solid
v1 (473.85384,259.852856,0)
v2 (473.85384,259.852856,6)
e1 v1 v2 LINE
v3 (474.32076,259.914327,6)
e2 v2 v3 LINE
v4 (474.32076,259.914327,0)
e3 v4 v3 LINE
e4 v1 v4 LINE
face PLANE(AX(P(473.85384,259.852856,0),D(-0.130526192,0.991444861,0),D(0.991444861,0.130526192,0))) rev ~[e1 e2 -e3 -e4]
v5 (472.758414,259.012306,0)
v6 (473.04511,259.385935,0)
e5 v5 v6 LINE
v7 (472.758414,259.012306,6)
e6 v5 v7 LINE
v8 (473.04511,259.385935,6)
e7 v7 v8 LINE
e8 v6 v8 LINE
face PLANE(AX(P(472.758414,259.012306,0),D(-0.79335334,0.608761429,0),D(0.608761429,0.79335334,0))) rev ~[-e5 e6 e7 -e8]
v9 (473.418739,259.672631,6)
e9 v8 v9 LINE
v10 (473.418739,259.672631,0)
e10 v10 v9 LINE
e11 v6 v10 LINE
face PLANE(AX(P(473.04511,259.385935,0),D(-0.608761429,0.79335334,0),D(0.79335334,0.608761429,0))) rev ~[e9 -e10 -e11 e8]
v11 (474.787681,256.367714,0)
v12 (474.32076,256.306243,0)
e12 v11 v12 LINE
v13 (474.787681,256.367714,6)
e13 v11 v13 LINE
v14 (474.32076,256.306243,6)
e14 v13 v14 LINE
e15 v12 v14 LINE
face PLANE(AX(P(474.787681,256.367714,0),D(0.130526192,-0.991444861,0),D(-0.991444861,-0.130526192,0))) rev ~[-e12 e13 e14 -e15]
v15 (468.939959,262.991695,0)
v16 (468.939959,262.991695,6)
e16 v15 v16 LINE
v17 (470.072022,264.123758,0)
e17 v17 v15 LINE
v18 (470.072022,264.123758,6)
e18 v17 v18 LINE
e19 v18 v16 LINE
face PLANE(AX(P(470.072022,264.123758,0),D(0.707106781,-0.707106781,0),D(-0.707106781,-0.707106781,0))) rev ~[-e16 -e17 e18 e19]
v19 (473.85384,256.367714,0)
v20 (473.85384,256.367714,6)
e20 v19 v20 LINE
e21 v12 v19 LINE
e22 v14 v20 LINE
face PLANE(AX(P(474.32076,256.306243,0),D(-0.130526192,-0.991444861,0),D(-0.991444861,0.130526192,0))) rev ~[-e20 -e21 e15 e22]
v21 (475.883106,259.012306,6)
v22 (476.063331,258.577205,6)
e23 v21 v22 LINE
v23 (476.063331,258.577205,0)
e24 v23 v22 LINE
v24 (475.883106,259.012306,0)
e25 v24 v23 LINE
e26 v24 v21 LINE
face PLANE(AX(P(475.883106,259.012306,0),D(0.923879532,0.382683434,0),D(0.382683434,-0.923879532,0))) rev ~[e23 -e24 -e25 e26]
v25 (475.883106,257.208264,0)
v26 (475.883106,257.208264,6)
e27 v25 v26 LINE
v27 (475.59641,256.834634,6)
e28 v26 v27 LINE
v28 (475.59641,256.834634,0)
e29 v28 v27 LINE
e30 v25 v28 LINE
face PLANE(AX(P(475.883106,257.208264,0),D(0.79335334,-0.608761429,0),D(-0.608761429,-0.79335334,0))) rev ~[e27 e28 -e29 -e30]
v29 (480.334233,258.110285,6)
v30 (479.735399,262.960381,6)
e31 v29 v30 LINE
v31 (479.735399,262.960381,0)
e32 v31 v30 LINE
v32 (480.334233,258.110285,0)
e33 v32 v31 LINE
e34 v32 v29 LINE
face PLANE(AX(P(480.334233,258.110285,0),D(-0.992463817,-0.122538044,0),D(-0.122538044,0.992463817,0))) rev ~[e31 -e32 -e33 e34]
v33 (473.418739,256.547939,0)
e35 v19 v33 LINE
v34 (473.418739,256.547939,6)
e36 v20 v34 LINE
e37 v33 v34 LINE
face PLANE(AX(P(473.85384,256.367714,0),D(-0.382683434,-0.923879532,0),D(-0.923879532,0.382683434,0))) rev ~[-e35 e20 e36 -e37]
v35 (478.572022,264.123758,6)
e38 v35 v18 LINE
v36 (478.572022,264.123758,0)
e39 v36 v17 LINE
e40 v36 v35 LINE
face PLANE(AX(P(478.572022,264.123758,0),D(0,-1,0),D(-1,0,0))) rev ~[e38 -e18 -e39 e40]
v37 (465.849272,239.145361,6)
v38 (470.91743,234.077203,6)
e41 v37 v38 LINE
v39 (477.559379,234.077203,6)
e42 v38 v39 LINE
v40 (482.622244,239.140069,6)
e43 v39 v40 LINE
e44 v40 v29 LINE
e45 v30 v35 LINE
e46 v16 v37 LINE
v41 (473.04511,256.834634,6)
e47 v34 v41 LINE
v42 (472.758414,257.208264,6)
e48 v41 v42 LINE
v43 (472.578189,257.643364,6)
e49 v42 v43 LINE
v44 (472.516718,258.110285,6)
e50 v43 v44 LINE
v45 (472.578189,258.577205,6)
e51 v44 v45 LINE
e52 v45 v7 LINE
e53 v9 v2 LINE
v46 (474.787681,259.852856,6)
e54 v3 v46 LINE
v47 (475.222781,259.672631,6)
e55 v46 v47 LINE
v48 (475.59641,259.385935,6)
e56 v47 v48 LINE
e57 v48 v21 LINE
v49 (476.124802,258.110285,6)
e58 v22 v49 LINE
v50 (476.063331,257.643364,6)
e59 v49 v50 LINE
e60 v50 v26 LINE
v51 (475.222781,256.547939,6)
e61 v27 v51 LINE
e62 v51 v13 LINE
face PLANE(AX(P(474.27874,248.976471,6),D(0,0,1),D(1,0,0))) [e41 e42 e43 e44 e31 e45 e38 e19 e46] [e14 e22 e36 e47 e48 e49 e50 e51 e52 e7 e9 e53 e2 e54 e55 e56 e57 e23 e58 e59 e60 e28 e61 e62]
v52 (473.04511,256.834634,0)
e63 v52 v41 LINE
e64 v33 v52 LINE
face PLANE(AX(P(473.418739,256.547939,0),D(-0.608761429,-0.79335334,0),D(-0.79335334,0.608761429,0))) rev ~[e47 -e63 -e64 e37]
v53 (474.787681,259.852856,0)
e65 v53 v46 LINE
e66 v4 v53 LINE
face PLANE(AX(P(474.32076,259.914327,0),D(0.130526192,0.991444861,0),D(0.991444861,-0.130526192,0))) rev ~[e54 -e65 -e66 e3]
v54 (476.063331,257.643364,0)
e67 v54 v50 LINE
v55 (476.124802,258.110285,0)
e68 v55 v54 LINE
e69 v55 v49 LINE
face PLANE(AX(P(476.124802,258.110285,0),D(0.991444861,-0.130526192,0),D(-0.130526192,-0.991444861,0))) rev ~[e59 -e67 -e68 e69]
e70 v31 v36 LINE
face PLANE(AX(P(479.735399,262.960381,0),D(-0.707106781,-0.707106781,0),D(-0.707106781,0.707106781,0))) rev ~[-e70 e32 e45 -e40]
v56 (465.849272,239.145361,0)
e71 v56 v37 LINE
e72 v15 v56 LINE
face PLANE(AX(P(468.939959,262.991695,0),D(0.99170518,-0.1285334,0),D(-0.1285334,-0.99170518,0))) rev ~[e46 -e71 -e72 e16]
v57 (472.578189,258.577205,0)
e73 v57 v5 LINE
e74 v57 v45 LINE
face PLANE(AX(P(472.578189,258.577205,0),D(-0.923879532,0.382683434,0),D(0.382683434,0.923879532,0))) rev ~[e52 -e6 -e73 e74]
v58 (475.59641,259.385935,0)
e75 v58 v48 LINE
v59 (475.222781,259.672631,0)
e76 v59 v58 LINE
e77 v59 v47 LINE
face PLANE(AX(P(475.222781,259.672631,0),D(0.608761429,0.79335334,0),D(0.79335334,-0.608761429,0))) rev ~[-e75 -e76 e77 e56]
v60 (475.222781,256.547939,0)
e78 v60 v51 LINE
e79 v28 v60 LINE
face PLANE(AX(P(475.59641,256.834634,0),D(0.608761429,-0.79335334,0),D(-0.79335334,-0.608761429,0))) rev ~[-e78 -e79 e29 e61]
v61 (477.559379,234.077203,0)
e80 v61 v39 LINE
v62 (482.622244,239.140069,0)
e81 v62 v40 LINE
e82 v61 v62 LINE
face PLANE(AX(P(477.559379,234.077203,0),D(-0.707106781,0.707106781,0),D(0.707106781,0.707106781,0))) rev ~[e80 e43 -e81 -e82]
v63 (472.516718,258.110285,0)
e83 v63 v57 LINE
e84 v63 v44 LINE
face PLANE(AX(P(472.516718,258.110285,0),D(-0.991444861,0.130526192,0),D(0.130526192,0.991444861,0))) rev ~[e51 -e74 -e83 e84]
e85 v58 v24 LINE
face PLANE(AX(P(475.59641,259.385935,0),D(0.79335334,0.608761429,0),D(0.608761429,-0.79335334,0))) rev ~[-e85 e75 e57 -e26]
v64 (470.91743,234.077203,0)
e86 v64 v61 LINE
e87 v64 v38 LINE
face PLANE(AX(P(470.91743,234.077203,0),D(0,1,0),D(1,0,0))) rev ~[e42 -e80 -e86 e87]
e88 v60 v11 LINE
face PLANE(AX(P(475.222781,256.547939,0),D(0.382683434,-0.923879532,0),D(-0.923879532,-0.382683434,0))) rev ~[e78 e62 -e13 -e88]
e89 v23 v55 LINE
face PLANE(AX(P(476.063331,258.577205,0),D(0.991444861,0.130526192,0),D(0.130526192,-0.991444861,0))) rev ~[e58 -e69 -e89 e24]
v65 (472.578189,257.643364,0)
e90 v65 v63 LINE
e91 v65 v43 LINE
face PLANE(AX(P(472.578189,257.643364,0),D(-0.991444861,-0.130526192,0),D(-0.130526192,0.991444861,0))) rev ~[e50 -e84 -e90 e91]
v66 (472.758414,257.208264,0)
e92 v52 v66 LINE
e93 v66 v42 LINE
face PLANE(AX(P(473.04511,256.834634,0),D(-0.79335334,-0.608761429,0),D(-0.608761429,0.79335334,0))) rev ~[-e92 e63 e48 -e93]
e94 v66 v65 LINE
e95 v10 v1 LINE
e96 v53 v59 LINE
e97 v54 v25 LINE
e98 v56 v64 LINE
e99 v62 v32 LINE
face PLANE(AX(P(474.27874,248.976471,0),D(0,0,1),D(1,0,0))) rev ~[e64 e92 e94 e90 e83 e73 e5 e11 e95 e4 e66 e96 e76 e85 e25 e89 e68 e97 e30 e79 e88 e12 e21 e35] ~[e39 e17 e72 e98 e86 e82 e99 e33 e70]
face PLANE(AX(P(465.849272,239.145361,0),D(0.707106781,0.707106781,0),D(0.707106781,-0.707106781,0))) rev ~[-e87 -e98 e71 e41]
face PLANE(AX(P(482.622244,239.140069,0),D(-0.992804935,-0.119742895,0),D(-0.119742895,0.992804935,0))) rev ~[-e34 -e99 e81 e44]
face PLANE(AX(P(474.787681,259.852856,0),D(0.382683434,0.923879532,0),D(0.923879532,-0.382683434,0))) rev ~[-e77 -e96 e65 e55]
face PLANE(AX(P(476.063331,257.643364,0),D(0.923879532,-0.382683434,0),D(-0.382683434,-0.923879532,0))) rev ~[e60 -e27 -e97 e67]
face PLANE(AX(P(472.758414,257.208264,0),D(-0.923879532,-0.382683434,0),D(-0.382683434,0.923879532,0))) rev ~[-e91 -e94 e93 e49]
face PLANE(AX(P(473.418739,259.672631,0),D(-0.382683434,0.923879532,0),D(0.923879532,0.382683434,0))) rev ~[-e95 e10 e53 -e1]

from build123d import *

# Parameters (mm, degrees)
BOSS_EXTRUDE1_DEPTH = 6


with BuildPart() as part:
    # Sketch1 → Boss-Extrude1 (new body)
    with BuildSketch(Plane.XY):
        Polygon((480.334233378, 258.110284779), (479.735399112, 262.960381303), (478.572022357, 264.123758058), (470.072022357, 264.123758058), (468.939958928, 262.991694629), (465.849271947, 239.145361455), (470.91743006, 234.077203343), (477.559378835, 234.077203343), (482.622244347, 239.140068855), align=None)
        Polygon((475.883106286, 259.012305771), (476.063330843, 258.577205203), (476.124802083, 258.110284779), (476.063330843, 257.643364355), (475.883106286, 257.208263787), (475.596410419, 256.834634459), (475.222781091, 256.547938592), (474.787680523, 256.367714035), (474.320760099, 256.306242795), (473.853839675, 256.367714035), (473.418739107, 256.547938592), (473.045109779, 256.834634459), (472.758413912, 257.208263787), (472.578189355, 257.643364355), (472.516718115, 258.110284779), (472.578189355, 258.577205203), (472.758413912, 259.012305771), (473.045109779, 259.385935099), (473.418739107, 259.672630966), (473.853839675, 259.852855523), (474.320760099, 259.914326763), (474.787680523, 259.852855523), (475.222781091, 259.672630966), (475.596410419, 259.385935099), align=None, mode=Mode.SUBTRACT)
    extrude(amount=BOSS_EXTRUDE1_DEPTH)


solid = part.part
